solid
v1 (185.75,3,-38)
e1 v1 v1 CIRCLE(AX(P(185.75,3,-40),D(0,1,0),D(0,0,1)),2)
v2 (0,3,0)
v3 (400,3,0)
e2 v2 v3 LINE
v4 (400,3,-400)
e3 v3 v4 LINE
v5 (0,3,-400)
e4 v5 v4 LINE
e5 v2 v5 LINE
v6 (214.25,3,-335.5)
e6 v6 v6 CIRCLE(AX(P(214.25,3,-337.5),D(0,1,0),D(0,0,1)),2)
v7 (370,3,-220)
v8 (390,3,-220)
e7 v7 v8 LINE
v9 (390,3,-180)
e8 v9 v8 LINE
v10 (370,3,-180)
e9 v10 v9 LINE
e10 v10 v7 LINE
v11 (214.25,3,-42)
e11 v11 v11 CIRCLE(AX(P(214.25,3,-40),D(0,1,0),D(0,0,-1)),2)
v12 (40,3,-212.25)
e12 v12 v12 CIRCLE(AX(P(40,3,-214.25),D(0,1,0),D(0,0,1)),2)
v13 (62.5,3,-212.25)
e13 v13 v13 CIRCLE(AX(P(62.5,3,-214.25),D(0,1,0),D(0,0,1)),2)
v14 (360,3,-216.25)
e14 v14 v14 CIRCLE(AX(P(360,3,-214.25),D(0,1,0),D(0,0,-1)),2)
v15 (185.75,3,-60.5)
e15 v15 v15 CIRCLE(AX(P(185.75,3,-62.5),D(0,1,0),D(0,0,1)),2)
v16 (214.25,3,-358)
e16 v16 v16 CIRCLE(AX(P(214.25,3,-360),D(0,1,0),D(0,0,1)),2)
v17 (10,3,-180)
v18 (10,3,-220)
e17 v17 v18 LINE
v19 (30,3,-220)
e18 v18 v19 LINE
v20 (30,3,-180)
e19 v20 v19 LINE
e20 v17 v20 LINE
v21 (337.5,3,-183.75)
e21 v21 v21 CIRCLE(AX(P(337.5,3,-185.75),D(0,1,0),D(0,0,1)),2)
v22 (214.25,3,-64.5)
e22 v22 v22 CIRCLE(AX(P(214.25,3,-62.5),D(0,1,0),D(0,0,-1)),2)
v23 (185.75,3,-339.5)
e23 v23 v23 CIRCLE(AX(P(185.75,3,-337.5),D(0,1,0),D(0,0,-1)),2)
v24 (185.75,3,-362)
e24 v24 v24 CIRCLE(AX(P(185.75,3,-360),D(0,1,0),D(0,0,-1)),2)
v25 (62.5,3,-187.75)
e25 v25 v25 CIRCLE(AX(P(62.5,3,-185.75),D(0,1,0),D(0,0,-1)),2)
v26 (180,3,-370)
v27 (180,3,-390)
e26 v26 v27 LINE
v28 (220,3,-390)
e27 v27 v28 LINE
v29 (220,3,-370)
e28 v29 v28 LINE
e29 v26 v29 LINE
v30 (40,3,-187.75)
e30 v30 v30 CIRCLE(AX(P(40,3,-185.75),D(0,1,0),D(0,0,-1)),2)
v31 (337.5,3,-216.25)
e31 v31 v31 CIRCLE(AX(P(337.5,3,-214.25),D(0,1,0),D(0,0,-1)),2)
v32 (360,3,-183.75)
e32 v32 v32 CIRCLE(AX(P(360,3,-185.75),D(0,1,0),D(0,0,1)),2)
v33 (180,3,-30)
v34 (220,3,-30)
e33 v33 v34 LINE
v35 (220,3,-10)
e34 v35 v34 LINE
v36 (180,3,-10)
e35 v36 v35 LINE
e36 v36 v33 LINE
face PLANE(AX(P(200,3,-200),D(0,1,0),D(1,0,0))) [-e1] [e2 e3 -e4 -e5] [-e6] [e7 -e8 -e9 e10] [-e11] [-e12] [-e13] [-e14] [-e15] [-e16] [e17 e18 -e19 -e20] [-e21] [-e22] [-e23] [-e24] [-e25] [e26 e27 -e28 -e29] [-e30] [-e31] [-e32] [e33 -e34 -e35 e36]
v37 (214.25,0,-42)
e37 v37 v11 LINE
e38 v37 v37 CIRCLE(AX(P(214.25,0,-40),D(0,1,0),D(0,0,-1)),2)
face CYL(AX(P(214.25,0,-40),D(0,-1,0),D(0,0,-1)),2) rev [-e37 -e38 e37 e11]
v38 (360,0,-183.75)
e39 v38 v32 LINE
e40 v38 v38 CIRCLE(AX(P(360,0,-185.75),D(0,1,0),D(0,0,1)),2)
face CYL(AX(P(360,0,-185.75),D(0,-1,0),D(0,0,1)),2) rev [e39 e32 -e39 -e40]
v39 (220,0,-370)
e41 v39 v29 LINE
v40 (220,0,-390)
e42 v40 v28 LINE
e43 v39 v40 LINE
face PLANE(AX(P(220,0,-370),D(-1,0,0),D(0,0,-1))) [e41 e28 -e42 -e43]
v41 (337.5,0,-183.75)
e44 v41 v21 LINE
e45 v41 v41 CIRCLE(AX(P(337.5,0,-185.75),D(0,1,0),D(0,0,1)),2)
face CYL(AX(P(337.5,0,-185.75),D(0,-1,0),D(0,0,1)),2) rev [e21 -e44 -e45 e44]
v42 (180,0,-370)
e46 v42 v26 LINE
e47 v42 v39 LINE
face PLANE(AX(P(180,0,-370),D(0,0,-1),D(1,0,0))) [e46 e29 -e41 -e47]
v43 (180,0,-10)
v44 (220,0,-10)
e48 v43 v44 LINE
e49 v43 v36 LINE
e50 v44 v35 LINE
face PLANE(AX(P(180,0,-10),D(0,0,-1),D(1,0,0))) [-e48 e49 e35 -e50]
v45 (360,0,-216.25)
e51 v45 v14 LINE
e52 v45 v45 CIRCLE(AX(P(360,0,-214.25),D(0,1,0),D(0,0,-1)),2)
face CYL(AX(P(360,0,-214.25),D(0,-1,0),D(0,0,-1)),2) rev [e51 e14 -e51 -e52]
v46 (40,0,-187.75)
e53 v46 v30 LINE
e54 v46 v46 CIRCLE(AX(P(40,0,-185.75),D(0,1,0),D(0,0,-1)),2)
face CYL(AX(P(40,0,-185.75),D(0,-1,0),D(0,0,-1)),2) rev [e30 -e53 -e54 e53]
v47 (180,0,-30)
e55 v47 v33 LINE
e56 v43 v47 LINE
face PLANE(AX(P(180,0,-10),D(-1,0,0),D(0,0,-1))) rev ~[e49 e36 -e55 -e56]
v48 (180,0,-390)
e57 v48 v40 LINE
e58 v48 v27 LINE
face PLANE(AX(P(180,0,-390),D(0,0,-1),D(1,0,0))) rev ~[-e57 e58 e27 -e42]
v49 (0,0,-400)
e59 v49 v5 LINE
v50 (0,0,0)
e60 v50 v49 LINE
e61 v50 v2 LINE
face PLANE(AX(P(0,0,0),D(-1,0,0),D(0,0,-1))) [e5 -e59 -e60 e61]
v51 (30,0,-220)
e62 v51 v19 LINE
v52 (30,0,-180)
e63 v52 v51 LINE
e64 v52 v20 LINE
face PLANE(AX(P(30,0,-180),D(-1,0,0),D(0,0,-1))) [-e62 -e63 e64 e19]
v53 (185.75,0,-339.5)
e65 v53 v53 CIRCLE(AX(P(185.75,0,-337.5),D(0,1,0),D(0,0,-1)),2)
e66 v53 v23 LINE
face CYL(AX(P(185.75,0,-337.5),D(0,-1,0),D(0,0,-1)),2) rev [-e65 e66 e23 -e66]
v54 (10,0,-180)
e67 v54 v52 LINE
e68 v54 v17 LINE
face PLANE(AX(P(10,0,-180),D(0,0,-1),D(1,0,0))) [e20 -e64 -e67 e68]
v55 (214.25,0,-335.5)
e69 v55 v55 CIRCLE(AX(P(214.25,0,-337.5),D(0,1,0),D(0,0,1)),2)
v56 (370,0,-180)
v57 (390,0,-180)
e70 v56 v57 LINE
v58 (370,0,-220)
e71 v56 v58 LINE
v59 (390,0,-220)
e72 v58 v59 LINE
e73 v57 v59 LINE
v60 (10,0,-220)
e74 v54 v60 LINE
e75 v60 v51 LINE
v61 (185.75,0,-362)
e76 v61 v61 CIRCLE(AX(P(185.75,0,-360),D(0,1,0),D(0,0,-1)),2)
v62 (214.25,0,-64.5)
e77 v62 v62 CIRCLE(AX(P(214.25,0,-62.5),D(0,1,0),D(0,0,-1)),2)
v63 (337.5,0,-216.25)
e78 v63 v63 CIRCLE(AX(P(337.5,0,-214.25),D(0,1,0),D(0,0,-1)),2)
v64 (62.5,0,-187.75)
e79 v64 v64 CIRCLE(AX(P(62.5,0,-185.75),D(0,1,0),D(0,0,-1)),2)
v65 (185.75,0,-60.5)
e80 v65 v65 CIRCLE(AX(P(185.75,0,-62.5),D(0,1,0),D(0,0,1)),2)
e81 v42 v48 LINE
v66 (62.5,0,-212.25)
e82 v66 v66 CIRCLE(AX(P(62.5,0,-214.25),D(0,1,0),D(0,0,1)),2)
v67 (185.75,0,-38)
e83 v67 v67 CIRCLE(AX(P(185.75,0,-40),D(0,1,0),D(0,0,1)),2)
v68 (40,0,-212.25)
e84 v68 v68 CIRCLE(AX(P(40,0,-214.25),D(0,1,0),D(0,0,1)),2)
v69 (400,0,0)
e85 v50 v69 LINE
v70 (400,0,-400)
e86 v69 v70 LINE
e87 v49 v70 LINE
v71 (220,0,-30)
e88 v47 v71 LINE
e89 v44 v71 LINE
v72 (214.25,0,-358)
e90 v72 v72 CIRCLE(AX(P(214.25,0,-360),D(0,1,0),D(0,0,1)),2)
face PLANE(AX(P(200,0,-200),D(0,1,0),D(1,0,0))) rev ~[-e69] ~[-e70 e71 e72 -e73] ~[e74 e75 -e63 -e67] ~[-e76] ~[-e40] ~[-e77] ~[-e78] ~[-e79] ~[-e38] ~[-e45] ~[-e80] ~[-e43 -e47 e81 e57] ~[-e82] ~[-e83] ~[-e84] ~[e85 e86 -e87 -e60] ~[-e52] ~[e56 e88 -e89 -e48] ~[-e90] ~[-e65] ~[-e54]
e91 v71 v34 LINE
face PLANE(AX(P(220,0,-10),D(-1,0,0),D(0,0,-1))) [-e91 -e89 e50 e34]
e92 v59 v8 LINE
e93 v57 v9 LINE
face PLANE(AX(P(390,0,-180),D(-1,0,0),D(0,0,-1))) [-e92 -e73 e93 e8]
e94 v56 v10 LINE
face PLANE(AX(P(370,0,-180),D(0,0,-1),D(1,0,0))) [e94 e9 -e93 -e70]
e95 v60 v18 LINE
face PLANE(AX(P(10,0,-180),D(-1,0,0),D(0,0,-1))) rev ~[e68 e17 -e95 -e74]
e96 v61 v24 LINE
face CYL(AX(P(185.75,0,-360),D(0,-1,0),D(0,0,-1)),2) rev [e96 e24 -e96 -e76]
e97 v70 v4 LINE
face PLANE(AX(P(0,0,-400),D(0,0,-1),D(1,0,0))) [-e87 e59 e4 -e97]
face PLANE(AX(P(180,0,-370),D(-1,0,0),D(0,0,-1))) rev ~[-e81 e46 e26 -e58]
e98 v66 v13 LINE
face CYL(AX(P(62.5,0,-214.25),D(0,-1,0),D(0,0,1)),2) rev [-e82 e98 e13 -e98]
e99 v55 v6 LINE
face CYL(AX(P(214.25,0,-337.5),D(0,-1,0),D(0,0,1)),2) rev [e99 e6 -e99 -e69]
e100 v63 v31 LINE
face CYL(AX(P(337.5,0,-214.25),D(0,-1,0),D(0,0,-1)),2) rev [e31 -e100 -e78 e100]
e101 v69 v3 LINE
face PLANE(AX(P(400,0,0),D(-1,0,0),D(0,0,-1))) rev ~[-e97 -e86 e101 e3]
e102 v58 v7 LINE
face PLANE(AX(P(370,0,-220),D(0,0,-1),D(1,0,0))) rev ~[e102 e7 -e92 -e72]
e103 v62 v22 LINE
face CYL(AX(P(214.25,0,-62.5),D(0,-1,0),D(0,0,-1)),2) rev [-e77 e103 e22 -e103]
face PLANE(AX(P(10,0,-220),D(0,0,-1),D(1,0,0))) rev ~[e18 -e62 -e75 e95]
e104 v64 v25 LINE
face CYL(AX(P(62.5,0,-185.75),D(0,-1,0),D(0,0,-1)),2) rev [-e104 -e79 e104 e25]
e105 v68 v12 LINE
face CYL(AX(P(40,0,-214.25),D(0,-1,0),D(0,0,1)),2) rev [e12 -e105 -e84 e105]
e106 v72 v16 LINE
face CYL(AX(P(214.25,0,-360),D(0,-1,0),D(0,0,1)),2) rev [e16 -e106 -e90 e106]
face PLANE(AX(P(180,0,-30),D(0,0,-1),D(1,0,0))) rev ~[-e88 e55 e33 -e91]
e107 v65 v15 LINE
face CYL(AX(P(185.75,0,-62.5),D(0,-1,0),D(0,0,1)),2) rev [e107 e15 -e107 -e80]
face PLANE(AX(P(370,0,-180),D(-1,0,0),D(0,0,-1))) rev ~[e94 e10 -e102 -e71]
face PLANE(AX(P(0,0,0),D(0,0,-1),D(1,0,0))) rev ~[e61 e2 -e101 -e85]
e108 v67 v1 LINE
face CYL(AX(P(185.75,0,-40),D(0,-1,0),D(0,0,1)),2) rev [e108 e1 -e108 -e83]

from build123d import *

# Parameters (mm, degrees)
SKETCH1_W      = 400
SKETCH1_H      = 400
SKETCH1_R      = 2
SKETCH1_W_2    = 20
SKETCH1_H_2    = 40
SKETCH1_W_3    = 40
SKETCH1_H_3    = 20
EXTRUDE1_DEPTH = 3


with BuildPart() as part:
    # Sketch1 → Extrude1 (new body)
    with BuildSketch(Plane(origin=(0, 0, 0), x_dir=(1, 0, 0), z_dir=(0, 1, 0))):
        with Locations((200, 200)):
            Rectangle(SKETCH1_W, SKETCH1_H)
        with Locations(Location((185.75, 40, 0), (0, 0, 270))):
            Circle(SKETCH1_R, mode=Mode.SUBTRACT)
        with Locations(Location((185.75, 62.5, 0), (0, 0, 270))):
            Circle(SKETCH1_R, mode=Mode.SUBTRACT)
        with Locations(Location((214.25, 62.5, 0), (0, 0, 90))):
            Circle(SKETCH1_R, mode=Mode.SUBTRACT)
        with Locations(Location((214.25, 40, 0), (0, 0, 90))):
            Circle(SKETCH1_R, mode=Mode.SUBTRACT)
        with Locations(Location((40, 214.25, 0), (0, 0, 270))):
            Circle(SKETCH1_R, mode=Mode.SUBTRACT)
        with Locations(Location((62.5, 214.25, 0), (0, 0, 270))):
            Circle(SKETCH1_R, mode=Mode.SUBTRACT)
        with Locations(Location((62.5, 185.75, 0), (0, 0, 90))):
            Circle(SKETCH1_R, mode=Mode.SUBTRACT)
        with Locations(Location((40, 185.75, 0), (0, 0, 90))):
            Circle(SKETCH1_R, mode=Mode.SUBTRACT)
        with Locations(Location((214.25, 360, 0), (0, 0, 270))):
            Circle(SKETCH1_R, mode=Mode.SUBTRACT)
        with Locations(Location((214.25, 337.5, 0), (0, 0, 270))):
            Circle(SKETCH1_R, mode=Mode.SUBTRACT)
        with Locations(Location((185.75, 337.5, 0), (0, 0, 90))):
            Circle(SKETCH1_R, mode=Mode.SUBTRACT)
        with Locations(Location((185.75, 360, 0), (0, 0, 90))):
            Circle(SKETCH1_R, mode=Mode.SUBTRACT)
        with Locations(Location((360, 185.75, 0), (0, 0, 270))):
            Circle(SKETCH1_R, mode=Mode.SUBTRACT)
        with Locations(Location((337.5, 185.75, 0), (0, 0, 270))):
            Circle(SKETCH1_R, mode=Mode.SUBTRACT)
        with Locations(Location((337.5, 214.25, 0), (0, 0, 90))):
            Circle(SKETCH1_R, mode=Mode.SUBTRACT)
        with Locations(Location((360, 214.25, 0), (0, 0, 90))):
            Circle(SKETCH1_R, mode=Mode.SUBTRACT)
        with Locations((20, 200)):
            Rectangle(SKETCH1_W_2, SKETCH1_H_2, mode=Mode.SUBTRACT)
        with Locations((200, 20)):
            Rectangle(SKETCH1_W_3, SKETCH1_H_3, mode=Mode.SUBTRACT)
        with Locations((200, 380)):
            Rectangle(SKETCH1_W_3, SKETCH1_H_3, mode=Mode.SUBTRACT)
        with Locations((380, 200)):
            Rectangle(SKETCH1_W_2, SKETCH1_H_2, mode=Mode.SUBTRACT)
    extrude(amount=EXTRUDE1_DEPTH)


solid = part.part
